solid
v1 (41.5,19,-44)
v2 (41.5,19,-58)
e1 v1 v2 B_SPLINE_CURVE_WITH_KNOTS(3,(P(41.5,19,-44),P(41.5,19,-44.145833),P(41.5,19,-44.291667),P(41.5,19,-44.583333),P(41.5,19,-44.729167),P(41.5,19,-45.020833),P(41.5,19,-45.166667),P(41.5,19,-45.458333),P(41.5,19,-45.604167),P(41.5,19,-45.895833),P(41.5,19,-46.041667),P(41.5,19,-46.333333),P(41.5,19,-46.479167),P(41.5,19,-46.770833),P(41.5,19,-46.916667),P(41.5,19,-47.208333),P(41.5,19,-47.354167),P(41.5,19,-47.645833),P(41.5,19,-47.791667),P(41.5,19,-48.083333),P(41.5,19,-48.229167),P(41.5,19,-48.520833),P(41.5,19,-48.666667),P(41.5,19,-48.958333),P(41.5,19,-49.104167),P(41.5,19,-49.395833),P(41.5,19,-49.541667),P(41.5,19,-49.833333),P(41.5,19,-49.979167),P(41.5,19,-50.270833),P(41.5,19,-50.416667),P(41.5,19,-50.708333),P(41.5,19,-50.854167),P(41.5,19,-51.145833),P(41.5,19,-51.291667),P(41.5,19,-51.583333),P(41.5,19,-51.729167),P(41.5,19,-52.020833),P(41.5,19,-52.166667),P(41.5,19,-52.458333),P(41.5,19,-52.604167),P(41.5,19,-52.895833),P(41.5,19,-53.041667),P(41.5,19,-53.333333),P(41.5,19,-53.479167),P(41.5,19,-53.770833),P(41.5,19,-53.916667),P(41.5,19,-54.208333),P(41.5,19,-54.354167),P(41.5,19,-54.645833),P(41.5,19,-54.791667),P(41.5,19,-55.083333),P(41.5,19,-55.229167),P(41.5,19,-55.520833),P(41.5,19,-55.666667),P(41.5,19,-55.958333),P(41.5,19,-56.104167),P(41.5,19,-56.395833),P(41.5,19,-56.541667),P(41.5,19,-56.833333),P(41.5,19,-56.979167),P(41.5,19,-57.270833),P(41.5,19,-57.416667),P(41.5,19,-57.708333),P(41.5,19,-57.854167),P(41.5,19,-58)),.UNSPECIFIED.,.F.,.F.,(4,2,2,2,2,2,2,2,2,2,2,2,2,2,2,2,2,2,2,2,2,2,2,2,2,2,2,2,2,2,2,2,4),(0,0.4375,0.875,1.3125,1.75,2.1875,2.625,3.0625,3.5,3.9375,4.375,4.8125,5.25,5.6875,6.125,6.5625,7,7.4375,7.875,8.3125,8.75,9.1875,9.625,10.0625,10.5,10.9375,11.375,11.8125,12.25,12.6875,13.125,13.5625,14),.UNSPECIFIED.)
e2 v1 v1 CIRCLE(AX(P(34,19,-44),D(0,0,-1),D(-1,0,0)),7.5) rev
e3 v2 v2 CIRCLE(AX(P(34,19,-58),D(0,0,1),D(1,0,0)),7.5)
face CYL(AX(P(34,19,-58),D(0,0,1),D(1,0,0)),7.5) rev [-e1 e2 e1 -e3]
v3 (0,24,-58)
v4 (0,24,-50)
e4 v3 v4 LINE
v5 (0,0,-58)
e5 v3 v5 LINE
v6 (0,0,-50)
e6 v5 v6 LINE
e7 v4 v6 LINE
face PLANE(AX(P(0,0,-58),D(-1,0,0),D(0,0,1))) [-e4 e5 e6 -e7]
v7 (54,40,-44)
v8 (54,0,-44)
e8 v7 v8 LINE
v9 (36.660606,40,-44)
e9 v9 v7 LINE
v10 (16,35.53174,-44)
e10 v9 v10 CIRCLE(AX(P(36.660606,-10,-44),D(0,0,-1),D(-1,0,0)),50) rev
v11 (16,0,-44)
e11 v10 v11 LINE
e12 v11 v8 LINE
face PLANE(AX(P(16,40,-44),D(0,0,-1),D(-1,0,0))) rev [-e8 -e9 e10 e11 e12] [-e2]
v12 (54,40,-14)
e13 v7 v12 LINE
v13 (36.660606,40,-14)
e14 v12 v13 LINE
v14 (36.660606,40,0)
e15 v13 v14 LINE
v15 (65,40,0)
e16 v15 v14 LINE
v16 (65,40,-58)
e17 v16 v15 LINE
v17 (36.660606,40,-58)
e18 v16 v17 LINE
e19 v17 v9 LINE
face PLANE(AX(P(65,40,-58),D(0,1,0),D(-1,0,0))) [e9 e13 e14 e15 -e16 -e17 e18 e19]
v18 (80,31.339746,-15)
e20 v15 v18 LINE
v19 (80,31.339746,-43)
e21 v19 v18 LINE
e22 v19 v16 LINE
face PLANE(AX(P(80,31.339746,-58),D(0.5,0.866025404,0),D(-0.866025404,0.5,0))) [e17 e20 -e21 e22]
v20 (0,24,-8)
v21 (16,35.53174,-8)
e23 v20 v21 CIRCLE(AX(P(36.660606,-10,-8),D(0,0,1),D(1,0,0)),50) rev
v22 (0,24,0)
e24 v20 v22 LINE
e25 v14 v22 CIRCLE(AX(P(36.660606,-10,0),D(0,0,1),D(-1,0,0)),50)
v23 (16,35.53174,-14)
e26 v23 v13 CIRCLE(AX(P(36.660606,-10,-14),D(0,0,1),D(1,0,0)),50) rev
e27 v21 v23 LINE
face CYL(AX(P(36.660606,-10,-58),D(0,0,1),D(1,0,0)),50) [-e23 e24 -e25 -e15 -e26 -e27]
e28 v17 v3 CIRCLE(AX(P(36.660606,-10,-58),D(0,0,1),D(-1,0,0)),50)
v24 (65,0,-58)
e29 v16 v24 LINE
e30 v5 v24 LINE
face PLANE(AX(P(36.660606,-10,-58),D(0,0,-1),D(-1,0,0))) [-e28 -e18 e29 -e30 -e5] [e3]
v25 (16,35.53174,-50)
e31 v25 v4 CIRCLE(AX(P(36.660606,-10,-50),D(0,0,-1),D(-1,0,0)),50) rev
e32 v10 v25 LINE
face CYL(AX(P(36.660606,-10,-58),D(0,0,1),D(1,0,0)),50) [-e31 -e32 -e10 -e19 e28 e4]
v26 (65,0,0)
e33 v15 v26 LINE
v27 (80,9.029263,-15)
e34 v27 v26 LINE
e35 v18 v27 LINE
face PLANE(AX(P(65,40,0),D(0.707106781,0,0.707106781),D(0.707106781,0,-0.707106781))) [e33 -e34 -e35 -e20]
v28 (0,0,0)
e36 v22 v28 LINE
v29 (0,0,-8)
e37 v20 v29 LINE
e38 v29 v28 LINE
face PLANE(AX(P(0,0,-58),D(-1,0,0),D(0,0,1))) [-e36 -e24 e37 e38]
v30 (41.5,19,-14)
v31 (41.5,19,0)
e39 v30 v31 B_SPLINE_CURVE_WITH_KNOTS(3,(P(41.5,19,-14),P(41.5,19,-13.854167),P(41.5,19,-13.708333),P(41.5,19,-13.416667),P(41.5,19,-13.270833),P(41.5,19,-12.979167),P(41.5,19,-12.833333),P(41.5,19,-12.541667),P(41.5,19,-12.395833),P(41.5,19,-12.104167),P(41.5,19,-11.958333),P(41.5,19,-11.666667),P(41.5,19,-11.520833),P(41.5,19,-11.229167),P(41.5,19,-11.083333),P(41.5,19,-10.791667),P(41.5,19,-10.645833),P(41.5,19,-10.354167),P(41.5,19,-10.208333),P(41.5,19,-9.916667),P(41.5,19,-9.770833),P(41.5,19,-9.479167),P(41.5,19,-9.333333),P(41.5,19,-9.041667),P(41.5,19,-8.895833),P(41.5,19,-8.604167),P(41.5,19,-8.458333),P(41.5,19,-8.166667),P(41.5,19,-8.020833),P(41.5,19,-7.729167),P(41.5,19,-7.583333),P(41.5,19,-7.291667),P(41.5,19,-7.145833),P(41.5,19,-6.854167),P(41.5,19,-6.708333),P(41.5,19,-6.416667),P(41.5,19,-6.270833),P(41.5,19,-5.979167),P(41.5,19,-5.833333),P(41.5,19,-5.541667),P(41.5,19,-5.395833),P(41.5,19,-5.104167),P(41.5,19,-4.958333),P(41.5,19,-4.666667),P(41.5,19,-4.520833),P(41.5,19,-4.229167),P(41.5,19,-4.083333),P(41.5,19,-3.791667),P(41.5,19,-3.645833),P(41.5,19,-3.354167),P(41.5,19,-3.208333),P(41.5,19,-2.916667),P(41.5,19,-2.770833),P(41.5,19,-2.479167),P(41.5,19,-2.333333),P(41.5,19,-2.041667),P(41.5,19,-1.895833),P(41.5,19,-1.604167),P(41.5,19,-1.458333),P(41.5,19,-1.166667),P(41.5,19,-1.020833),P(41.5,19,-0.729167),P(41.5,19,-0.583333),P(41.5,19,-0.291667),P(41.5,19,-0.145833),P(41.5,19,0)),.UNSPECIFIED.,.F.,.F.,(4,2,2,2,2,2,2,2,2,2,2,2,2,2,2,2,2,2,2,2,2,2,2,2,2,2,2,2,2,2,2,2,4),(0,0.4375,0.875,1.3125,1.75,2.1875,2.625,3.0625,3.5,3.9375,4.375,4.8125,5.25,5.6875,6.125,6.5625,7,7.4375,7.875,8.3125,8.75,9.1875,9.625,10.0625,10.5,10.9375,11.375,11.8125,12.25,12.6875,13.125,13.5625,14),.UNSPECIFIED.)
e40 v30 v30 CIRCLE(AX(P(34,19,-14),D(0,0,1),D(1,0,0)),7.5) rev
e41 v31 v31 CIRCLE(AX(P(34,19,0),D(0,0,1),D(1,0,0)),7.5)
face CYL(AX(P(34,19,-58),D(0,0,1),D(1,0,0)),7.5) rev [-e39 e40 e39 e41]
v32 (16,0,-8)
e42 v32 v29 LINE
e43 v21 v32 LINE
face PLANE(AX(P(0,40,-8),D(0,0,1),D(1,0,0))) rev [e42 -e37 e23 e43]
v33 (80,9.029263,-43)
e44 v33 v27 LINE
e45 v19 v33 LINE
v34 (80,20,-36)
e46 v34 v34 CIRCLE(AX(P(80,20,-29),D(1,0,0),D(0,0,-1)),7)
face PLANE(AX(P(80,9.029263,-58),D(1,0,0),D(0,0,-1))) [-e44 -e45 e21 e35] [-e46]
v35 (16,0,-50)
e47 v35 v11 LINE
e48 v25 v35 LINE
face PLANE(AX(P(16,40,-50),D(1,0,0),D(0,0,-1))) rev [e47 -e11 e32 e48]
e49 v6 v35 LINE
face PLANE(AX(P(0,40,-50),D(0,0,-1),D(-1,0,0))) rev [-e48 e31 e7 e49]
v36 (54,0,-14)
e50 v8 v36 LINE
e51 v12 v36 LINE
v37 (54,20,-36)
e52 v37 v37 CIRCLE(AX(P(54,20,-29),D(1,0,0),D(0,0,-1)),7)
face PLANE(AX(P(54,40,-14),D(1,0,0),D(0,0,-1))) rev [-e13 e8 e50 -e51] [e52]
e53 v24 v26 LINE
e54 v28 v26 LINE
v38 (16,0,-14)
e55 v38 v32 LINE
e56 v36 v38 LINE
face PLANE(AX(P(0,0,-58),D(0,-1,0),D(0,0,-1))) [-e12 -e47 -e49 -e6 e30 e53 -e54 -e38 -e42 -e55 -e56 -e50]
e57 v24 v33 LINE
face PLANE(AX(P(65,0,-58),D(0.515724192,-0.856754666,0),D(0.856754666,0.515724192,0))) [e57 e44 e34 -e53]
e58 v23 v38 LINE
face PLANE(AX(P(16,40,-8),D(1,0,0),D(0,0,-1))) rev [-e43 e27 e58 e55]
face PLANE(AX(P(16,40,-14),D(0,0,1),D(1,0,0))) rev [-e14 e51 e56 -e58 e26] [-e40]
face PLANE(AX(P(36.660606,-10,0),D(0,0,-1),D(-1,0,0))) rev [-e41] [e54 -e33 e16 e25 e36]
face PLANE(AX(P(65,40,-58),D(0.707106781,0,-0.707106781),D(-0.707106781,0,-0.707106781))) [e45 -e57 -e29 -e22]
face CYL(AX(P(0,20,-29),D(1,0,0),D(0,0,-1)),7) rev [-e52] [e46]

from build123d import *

# Parameters (mm, degrees)
BOSS_EXTRUDE1_DEPTH = 58
SKETCH3_R           = 7.5
CUT_EXTRUDE1_DEPTH  = 107.60206377
CUT_EXTRUDE2_DEPTH  = 107.60206377
CUT_EXTRUDE3_DEPTH  = 107.60206377
SKETCH6_R           = 7
CUT_EXTRUDE4_DEPTH  = 107.60206377


with BuildPart() as part:
    # Sketch2 → Boss-Extrude1 (new body)
    with BuildSketch(Plane.XY):
        with BuildLine():
            Line((0, 0), (65, 0))
            Line((65, 0), (80, 9.029262631))
            Line((80, 9.029262631), (80, 31.339745962))
            Line((80, 31.339745962), (65, 40))
            Line((65, 40), (36.66060556, 40))
            ThreePointArc((36.66060556, 40), (16.66060556, 35.82575695), (0, 24))
            Line((0, 24), (0, 0))
        make_face()
    extrude(amount=-BOSS_EXTRUDE1_DEPTH)

    # Sketch3 → Cut-Extrude1 (cut, through all)
    with BuildSketch(Plane.XY):
        with Locations((34, 19)):
            Circle(SKETCH3_R)
    extrude(amount=-CUT_EXTRUDE1_DEPTH, mode=Mode.SUBTRACT)

    # Sketch4 → Cut-Extrude2 (cut, through all)
    with BuildSketch(Plane(origin=(0, 0, 0), x_dir=(1, 0, 0), z_dir=(0, 1, 0))):
        Polygon((65, 58), (80, 43), (80, 58), align=None)
        Polygon((80, 0), (80, 15), (65, 0), align=None)
    extrude(amount=CUT_EXTRUDE2_DEPTH, mode=Mode.SUBTRACT)

    # Sketch5 → Cut-Extrude3 (cut, through all)
    with BuildSketch(Plane.XZ):
        Polygon((0, -8), (0, -50), (16, -50), (16, -44), (54, -44), (54, -14), (16, -14), (16, -8), align=None)
    extrude(amount=-CUT_EXTRUDE3_DEPTH, mode=Mode.SUBTRACT)

    # Sketch6 → Cut-Extrude4 (cut, through all)
    with BuildSketch(Plane(origin=(80, 0, 0), x_dir=(0, 0, -1), z_dir=(1, 0, 0))):
        with Locations((29, 20)):
            Circle(SKETCH6_R)
    extrude(amount=-CUT_EXTRUDE4_DEPTH, mode=Mode.SUBTRACT)


solid = part.part
